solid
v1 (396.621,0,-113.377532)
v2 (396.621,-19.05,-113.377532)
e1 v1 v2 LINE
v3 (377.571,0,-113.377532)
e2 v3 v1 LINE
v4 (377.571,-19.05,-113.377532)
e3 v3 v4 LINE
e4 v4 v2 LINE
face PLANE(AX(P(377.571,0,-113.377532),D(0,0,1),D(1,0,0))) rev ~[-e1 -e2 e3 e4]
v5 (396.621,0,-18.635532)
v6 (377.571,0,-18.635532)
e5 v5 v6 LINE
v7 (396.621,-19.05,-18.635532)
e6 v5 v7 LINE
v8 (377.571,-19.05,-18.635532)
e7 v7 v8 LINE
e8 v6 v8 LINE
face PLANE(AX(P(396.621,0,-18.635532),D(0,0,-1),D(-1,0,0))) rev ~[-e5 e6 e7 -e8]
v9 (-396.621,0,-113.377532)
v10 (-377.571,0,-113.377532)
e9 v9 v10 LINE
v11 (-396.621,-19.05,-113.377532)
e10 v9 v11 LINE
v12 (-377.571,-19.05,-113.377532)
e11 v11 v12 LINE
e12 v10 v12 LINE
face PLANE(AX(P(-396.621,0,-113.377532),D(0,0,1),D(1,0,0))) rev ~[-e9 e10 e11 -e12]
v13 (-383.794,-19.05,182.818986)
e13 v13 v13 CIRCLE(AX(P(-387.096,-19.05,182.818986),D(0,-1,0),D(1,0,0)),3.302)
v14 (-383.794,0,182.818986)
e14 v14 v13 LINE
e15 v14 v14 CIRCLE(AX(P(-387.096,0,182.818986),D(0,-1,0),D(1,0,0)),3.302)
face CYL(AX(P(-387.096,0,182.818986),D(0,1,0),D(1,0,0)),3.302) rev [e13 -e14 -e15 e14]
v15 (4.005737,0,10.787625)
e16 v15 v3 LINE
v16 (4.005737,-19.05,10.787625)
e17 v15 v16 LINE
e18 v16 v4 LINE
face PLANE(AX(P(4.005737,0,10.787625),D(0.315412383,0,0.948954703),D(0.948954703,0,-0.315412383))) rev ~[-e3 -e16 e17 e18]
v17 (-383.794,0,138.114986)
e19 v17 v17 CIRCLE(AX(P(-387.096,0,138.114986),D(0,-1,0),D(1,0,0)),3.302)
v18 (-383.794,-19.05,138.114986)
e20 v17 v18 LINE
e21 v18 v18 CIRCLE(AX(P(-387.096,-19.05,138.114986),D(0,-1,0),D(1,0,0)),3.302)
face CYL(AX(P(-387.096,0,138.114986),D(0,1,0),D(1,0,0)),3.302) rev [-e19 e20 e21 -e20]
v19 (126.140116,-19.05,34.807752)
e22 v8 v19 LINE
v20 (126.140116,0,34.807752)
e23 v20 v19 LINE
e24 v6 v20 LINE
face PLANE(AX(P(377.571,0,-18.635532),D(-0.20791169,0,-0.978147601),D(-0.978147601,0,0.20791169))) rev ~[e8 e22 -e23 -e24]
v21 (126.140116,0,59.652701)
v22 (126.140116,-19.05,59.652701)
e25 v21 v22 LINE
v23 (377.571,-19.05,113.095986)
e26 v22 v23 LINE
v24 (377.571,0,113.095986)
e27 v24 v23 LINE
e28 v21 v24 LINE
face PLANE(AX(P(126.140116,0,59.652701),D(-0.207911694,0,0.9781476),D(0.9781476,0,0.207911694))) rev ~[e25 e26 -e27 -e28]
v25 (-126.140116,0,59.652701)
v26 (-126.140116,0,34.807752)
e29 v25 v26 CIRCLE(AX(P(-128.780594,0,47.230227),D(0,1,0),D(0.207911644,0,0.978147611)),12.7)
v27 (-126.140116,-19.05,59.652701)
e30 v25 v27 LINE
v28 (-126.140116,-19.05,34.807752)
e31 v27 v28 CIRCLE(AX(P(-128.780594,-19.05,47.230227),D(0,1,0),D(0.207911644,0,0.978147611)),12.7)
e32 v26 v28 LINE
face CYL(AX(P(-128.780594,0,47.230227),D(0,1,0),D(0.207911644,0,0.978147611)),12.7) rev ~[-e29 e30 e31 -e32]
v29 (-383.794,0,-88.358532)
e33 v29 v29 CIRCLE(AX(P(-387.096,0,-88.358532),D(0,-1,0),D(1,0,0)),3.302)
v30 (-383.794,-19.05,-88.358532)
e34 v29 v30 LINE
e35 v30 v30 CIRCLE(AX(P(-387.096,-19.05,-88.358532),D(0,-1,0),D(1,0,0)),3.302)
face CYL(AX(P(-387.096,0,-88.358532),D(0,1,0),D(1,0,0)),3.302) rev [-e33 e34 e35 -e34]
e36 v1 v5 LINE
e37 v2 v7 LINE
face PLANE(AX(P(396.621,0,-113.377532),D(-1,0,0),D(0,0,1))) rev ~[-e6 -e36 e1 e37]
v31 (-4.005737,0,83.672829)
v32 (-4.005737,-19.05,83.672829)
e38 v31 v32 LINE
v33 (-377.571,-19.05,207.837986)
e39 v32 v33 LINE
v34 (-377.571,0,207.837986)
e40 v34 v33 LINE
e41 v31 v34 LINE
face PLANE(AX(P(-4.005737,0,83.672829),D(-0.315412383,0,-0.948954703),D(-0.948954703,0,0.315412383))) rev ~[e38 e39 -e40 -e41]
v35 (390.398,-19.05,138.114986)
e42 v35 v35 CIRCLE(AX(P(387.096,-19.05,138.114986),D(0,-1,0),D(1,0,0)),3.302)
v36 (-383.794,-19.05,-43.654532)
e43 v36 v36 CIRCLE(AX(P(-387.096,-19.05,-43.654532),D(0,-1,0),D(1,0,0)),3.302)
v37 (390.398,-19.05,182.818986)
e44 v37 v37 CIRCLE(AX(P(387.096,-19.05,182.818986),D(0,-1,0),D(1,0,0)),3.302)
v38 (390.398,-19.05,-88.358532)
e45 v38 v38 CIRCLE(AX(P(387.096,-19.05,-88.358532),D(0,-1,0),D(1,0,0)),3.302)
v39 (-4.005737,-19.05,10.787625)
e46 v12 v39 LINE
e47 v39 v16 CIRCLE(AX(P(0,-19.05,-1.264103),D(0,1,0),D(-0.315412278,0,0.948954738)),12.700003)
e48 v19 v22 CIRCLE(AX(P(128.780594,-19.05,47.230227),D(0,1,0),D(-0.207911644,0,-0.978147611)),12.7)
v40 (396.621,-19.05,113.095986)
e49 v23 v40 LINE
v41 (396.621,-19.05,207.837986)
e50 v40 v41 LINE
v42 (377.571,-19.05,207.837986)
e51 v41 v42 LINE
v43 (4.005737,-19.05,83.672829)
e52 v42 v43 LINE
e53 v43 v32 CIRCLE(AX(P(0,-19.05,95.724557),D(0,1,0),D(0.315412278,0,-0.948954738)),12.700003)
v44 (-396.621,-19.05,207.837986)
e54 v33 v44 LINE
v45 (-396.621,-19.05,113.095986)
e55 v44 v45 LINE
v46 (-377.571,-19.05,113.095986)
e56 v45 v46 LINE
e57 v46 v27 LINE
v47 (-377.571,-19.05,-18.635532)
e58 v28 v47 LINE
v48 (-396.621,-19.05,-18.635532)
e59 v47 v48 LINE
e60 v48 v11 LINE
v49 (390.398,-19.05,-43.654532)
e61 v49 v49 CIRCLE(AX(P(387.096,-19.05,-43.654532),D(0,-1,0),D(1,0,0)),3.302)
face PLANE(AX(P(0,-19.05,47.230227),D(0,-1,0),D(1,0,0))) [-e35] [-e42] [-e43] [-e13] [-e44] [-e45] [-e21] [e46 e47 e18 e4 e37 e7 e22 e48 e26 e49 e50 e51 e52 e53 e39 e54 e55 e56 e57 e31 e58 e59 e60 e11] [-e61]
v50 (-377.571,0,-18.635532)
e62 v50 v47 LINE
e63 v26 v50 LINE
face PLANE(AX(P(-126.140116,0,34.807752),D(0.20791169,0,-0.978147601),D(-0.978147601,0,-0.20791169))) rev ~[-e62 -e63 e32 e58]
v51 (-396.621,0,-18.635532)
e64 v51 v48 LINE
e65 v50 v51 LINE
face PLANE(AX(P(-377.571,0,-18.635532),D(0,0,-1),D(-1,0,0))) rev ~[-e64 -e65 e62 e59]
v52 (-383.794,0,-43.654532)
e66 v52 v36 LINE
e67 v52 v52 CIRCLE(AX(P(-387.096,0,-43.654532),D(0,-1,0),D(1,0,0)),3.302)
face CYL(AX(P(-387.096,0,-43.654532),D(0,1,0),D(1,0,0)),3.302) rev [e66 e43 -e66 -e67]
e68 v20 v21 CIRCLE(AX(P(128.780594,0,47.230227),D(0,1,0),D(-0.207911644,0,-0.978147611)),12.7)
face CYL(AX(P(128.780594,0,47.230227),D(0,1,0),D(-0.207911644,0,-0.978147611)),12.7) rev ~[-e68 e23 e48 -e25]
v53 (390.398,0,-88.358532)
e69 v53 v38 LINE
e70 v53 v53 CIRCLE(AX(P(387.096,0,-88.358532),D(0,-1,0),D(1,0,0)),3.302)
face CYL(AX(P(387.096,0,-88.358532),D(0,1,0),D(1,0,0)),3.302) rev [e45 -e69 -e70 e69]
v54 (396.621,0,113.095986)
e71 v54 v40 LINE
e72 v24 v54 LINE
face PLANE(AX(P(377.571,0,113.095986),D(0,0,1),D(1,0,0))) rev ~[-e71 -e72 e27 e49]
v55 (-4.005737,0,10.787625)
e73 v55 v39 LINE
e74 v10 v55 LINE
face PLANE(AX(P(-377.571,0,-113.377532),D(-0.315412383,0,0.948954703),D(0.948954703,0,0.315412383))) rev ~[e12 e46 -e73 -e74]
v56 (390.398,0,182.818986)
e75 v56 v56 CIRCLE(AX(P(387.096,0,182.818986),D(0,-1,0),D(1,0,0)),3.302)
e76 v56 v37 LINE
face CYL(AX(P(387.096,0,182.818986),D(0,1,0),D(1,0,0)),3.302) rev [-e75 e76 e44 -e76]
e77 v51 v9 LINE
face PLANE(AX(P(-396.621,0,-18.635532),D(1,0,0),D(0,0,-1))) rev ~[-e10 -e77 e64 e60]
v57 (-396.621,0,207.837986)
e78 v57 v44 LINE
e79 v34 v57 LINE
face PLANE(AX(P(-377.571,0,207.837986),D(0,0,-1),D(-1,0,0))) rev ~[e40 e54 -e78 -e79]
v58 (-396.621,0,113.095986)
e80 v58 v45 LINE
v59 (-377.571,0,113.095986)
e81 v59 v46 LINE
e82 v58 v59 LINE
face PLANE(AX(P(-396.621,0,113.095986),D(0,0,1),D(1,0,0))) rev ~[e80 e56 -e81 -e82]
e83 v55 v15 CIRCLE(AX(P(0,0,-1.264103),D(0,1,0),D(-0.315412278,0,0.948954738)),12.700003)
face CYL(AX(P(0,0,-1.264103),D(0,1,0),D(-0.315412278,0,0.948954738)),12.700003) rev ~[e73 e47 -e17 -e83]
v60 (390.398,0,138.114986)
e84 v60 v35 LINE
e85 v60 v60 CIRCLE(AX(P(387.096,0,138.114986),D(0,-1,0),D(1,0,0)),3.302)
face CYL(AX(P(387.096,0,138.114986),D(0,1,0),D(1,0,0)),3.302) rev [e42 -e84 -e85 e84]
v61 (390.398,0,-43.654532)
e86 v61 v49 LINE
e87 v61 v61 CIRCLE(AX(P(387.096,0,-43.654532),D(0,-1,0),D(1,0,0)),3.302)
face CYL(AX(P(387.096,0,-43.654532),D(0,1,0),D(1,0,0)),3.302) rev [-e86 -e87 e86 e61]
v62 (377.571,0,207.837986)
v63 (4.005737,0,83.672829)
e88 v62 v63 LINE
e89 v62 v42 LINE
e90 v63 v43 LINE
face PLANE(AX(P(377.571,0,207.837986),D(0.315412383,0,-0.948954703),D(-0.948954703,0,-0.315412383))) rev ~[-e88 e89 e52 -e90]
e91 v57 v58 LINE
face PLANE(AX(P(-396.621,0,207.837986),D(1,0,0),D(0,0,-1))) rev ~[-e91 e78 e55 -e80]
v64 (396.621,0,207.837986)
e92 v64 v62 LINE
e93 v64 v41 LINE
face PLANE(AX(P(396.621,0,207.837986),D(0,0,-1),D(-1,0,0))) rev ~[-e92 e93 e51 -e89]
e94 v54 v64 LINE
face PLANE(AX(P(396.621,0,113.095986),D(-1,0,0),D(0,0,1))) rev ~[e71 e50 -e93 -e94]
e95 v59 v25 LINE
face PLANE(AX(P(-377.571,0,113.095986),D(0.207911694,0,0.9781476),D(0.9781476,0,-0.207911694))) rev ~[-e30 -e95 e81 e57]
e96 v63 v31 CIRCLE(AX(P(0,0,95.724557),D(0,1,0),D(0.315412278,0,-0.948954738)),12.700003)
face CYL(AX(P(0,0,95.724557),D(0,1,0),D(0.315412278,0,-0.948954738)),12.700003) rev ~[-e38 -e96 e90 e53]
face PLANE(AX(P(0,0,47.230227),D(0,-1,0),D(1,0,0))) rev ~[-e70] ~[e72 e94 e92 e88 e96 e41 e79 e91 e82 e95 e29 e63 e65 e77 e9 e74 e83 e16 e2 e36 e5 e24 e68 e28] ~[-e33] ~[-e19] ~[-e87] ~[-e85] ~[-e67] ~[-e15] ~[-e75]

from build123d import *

# Parameters (mm, degrees)
F1_DEPTH = 19.05
F2_R     = 3.302
F3_DEPTH = 19.05


with BuildPart() as f1:
    # F0 (on Front) → F1 (new body)
    with BuildSketch(Plane.XZ):
        with BuildLine():
            Line((-396.621, 113.095986), (-377.571, 113.095986))
            Line((-377.571, 113.095986), (-126.140116, 59.652701))
            ThreePointArc((-126.140116, 59.652701), (-116.080594, 47.230227), (-126.140116, 34.807752))
            Line((-126.140116, 34.807752), (-377.571, -18.635532))
            Line((-377.571, -18.635532), (-396.621, -18.635532))
            Line((-396.621, -18.635532), (-396.621, -113.377532))
            Line((-396.621, -113.377532), (-377.571, -113.377532))
            Line((-377.571, -113.377532), (-4.005737, 10.787625))
            ThreePointArc((-4.005737, 10.787625), (0, 11.4359), (4.005737, 10.787625))
            Line((4.005737, 10.787625), (377.571, -113.377532))
            Line((377.571, -113.377532), (396.621, -113.377532))
            Line((396.621, -113.377532), (396.621, -18.635532))
            Line((396.621, -18.635532), (377.571, -18.635532))
            Line((377.571, -18.635532), (126.140116, 34.807752))
            ThreePointArc((126.140116, 34.807752), (116.080594, 47.230227), (126.140116, 59.652701))
            Line((126.140116, 59.652701), (377.571, 113.095986))
            Line((377.571, 113.095986), (396.621, 113.095986))
            Line((396.621, 113.095986), (396.621, 207.837986))
            Line((396.621, 207.837986), (377.571, 207.837986))
            Line((377.571, 207.837986), (4.005737, 83.672829))
            ThreePointArc((4.005737, 83.672829), (0, 83.024554), (-4.005737, 83.672829))
            Line((-4.005737, 83.672829), (-377.571, 207.837986))
            Line((-377.571, 207.837986), (-396.621, 207.837986))
            Line((-396.621, 207.837986), (-396.621, 113.095986))
        make_face()
    extrude(amount=F1_DEPTH)

    # F2 (on face) → F3 (cut, through all)
    with BuildSketch(Plane.XZ):
        with Locations((387.096, 182.818986)):
            Circle(F2_R)
        with Locations((387.096, 138.114986)):
            Circle(F2_R)
        with Locations((-387.096, 182.818986)):
            Circle(F2_R)
        with Locations((-387.096, 138.114986)):
            Circle(F2_R)
        with Locations((387.096, -43.654532)):
            Circle(F2_R)
        with Locations((387.096, -88.358532)):
            Circle(F2_R)
        with Locations((-387.096, -88.358532)):
            Circle(F2_R)
        with Locations((-387.096, -43.654532)):
            Circle(F2_R)
    extrude(amount=F3_DEPTH, mode=Mode.SUBTRACT)


solid = f1.part
